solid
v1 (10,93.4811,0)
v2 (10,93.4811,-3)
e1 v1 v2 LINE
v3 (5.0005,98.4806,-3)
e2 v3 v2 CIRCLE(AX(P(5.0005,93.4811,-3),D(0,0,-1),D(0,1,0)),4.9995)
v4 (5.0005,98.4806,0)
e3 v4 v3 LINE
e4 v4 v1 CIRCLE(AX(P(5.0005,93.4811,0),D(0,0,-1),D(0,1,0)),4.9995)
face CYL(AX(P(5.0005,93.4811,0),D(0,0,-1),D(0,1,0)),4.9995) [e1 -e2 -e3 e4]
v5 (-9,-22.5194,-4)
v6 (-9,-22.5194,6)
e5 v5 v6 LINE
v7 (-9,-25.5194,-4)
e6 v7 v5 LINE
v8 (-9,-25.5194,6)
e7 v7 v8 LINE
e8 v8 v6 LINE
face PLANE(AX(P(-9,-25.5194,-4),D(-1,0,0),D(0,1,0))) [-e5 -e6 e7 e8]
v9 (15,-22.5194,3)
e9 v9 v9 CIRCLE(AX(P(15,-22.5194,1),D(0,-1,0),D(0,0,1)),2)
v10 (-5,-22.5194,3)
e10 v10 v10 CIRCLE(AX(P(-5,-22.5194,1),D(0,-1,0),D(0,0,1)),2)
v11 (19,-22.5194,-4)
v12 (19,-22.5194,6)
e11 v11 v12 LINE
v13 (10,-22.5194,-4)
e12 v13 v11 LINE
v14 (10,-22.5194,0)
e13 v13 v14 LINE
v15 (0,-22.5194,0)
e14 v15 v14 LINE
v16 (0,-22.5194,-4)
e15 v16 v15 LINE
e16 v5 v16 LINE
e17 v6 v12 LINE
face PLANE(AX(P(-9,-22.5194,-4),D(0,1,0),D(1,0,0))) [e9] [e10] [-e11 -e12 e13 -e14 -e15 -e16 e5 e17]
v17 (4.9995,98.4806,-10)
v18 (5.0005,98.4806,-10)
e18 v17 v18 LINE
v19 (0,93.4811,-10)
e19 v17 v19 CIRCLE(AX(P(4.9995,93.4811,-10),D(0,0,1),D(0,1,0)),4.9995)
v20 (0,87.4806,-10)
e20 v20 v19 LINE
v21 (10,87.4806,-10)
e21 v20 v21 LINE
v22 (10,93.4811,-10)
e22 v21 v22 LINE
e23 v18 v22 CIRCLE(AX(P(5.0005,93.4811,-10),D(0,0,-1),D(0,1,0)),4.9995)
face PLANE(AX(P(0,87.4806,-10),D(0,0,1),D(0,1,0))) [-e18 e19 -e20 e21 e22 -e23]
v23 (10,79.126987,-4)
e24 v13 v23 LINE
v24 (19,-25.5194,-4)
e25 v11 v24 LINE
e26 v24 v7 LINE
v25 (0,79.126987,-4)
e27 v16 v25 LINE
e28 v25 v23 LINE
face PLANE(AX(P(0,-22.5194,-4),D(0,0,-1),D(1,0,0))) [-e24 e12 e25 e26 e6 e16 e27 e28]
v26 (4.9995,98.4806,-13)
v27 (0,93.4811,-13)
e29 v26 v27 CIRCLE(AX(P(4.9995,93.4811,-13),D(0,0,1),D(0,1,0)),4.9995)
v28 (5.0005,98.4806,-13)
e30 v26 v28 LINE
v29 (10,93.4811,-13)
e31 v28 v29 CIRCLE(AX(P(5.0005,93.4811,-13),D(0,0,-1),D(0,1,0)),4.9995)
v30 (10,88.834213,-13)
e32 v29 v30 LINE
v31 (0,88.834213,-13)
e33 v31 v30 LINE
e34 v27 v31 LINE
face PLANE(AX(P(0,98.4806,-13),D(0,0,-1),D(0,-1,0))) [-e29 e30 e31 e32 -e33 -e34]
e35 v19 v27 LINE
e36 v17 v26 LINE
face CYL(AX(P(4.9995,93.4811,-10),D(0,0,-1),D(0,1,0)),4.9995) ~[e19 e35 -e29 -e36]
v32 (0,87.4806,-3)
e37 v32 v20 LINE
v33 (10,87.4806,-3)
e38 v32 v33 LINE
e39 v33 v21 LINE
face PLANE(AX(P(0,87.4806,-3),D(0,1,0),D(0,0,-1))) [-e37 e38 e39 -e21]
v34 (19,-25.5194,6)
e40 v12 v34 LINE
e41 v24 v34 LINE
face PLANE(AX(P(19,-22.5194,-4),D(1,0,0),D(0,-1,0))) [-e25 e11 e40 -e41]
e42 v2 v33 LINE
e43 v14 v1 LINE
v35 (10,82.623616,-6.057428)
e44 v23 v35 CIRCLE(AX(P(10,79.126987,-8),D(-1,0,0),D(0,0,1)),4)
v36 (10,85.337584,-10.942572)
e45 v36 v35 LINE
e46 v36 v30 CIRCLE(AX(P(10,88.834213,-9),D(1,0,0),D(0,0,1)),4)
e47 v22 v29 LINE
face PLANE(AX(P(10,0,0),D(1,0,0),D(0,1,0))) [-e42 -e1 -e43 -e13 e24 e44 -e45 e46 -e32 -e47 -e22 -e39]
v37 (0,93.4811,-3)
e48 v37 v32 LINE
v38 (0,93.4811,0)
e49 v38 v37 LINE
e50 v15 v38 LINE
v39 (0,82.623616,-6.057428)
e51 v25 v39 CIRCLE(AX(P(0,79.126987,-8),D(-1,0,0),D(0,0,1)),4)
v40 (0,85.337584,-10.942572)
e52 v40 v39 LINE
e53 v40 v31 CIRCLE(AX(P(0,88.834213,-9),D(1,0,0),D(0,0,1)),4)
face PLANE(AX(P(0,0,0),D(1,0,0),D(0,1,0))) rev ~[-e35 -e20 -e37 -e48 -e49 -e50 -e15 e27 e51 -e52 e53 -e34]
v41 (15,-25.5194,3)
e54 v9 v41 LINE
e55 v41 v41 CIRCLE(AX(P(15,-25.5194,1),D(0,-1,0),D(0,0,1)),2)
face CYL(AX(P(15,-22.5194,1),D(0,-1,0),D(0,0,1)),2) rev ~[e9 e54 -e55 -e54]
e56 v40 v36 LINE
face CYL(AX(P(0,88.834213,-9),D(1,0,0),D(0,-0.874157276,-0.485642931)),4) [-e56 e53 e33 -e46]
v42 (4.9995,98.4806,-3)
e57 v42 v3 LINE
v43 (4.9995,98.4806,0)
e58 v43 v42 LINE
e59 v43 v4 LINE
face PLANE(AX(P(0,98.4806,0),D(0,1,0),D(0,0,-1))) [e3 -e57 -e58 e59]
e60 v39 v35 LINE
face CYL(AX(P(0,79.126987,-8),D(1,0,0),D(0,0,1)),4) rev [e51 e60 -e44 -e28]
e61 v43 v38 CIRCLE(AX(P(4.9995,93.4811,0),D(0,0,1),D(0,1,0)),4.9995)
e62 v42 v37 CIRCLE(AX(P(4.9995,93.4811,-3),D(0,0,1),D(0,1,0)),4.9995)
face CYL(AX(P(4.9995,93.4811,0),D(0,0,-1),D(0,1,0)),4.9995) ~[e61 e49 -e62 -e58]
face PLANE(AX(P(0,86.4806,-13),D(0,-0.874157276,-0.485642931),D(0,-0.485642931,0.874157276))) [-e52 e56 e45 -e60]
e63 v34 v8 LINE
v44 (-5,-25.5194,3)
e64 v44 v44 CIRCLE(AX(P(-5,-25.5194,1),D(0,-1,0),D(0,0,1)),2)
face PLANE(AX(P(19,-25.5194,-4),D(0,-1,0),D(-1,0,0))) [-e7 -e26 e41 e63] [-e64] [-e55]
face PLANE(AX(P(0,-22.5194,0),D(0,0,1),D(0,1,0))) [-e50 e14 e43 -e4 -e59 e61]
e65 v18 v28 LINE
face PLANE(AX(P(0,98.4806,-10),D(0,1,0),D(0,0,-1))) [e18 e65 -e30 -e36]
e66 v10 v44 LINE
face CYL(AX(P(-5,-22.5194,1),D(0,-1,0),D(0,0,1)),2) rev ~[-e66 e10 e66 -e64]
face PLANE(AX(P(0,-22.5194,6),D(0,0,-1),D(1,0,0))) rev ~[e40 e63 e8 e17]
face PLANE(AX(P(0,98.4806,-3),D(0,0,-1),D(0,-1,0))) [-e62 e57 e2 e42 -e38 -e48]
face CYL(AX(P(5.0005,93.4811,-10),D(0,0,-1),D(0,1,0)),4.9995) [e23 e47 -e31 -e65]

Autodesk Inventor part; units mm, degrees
ref_plane "YZ Plane" through (0, 0, 0) normal (1, 0, 0) x (0, 1, 0)
ref_plane "XZ Plane" through (0, 0, 0) normal (0, 1, 0) x (-1, 0, 0)
sketch "Sketch5" plane through (0, 0, 0) normal (1, 0, 0) x (0, 1, 0)
  line L0 (0, 0) -> (98.4806, 0)
  line L1 (98.4806, 0) -> (98.4806, -3)
  line L2 (98.4806, -3) -> (87.4806, -3)
  line L3 (87.4806, -3) -> (87.4806, -10)
  line L4 (87.4806, -10) -> (98.4806, -10)
  line L5 (98.4806, -10) -> (98.4806, -13)
  line L6 (98.4806, -13) -> (86.4806, -13)
  line L7 (86.4806, -13) -> (81.4806, -4)
  line L8 (-22.5194, 0) -> (0, 0)
  line L9 (-22.5194, -4) -> (81.4806, -4)
  line L10 (-22.5194, -4) -> (-22.5194, 0)
  dimension "d29" = 3
  dimension "d30" = 7
  dimension "d31" = 3
  dimension "d33" = 11
  dimension "d40" = 4
  dimension "d41" = 5
  dimension "d48" = 12
  dimension "d53" = 121
ref_plane "Work Plane1" through (0, 0, 0) normal (0, 0, 1) x (1, 0, 0)
extrude "Extrusion5" add sketch "Sketch5" along normal blind 10
fillet "Fillet1" radius 5 4 edges at (10, 98.4806, -11.5) (0, 98.4806, -11.5) (0, 98.4806, -1.5) (10, 98.4806, -1.5)
fillet "Fillet2" radius 4 2 edges at (5, 86.4806, -13) (5, 81.4806, -4)
sketch "Sketch7" plane through (0, -22.5194, -4) normal (0, 0, -1) x (1, 0, 0)
  line L0 (-9, 0) -> (19, 0)
  line L1 (19, 0) -> (19, 3)
  line L2 (19, 3) -> (-9, 3)
  line L3 (-9, 3) -> (-9, 0)
  line L4 (10, -107.857) -> (0, -107.857) projected
  line L5 (10, -101.6464) -> (0, -101.6464) projected
  line L6 (10, 0) -> (10, -101.6464) projected
  line L7 (0, 0) -> (10, 0) projected
  line L8 (0, 0) -> (0, -101.6464) projected
  point P0 (5, 3)
  point P1 (5, -107.857)
  point P2 (5, 0)
  dimension "d58" = 28
  dimension "d59" = 3
extrude "Extrusion6" add sketch "Sketch7" against normal blind 10 contours L3 L2 L1 L0
sketch "Sketch8" plane through (-9, -22.5194, -4) normal (0, 1, 0) x (1, 0, 0)
  line L0 (0, 0) -> (0, -10) projected
  line L1 (28, 0) -> (28, -10) projected
  point P0 (9, -4)
  point P1 (4, -5)
  point P2 (24, -5)
  point P3 (0, -5)
  point P4 (28, -5)
  dimension "d69" = 4
  dimension "d70" = 4
hole "Hole3" at (-5, -22.5194, 1) at (15, -22.5194, 1) direction (0, -1, 0) diameter 4 end through all
equation "\"d31\" = d29"
properties part number "2052"
